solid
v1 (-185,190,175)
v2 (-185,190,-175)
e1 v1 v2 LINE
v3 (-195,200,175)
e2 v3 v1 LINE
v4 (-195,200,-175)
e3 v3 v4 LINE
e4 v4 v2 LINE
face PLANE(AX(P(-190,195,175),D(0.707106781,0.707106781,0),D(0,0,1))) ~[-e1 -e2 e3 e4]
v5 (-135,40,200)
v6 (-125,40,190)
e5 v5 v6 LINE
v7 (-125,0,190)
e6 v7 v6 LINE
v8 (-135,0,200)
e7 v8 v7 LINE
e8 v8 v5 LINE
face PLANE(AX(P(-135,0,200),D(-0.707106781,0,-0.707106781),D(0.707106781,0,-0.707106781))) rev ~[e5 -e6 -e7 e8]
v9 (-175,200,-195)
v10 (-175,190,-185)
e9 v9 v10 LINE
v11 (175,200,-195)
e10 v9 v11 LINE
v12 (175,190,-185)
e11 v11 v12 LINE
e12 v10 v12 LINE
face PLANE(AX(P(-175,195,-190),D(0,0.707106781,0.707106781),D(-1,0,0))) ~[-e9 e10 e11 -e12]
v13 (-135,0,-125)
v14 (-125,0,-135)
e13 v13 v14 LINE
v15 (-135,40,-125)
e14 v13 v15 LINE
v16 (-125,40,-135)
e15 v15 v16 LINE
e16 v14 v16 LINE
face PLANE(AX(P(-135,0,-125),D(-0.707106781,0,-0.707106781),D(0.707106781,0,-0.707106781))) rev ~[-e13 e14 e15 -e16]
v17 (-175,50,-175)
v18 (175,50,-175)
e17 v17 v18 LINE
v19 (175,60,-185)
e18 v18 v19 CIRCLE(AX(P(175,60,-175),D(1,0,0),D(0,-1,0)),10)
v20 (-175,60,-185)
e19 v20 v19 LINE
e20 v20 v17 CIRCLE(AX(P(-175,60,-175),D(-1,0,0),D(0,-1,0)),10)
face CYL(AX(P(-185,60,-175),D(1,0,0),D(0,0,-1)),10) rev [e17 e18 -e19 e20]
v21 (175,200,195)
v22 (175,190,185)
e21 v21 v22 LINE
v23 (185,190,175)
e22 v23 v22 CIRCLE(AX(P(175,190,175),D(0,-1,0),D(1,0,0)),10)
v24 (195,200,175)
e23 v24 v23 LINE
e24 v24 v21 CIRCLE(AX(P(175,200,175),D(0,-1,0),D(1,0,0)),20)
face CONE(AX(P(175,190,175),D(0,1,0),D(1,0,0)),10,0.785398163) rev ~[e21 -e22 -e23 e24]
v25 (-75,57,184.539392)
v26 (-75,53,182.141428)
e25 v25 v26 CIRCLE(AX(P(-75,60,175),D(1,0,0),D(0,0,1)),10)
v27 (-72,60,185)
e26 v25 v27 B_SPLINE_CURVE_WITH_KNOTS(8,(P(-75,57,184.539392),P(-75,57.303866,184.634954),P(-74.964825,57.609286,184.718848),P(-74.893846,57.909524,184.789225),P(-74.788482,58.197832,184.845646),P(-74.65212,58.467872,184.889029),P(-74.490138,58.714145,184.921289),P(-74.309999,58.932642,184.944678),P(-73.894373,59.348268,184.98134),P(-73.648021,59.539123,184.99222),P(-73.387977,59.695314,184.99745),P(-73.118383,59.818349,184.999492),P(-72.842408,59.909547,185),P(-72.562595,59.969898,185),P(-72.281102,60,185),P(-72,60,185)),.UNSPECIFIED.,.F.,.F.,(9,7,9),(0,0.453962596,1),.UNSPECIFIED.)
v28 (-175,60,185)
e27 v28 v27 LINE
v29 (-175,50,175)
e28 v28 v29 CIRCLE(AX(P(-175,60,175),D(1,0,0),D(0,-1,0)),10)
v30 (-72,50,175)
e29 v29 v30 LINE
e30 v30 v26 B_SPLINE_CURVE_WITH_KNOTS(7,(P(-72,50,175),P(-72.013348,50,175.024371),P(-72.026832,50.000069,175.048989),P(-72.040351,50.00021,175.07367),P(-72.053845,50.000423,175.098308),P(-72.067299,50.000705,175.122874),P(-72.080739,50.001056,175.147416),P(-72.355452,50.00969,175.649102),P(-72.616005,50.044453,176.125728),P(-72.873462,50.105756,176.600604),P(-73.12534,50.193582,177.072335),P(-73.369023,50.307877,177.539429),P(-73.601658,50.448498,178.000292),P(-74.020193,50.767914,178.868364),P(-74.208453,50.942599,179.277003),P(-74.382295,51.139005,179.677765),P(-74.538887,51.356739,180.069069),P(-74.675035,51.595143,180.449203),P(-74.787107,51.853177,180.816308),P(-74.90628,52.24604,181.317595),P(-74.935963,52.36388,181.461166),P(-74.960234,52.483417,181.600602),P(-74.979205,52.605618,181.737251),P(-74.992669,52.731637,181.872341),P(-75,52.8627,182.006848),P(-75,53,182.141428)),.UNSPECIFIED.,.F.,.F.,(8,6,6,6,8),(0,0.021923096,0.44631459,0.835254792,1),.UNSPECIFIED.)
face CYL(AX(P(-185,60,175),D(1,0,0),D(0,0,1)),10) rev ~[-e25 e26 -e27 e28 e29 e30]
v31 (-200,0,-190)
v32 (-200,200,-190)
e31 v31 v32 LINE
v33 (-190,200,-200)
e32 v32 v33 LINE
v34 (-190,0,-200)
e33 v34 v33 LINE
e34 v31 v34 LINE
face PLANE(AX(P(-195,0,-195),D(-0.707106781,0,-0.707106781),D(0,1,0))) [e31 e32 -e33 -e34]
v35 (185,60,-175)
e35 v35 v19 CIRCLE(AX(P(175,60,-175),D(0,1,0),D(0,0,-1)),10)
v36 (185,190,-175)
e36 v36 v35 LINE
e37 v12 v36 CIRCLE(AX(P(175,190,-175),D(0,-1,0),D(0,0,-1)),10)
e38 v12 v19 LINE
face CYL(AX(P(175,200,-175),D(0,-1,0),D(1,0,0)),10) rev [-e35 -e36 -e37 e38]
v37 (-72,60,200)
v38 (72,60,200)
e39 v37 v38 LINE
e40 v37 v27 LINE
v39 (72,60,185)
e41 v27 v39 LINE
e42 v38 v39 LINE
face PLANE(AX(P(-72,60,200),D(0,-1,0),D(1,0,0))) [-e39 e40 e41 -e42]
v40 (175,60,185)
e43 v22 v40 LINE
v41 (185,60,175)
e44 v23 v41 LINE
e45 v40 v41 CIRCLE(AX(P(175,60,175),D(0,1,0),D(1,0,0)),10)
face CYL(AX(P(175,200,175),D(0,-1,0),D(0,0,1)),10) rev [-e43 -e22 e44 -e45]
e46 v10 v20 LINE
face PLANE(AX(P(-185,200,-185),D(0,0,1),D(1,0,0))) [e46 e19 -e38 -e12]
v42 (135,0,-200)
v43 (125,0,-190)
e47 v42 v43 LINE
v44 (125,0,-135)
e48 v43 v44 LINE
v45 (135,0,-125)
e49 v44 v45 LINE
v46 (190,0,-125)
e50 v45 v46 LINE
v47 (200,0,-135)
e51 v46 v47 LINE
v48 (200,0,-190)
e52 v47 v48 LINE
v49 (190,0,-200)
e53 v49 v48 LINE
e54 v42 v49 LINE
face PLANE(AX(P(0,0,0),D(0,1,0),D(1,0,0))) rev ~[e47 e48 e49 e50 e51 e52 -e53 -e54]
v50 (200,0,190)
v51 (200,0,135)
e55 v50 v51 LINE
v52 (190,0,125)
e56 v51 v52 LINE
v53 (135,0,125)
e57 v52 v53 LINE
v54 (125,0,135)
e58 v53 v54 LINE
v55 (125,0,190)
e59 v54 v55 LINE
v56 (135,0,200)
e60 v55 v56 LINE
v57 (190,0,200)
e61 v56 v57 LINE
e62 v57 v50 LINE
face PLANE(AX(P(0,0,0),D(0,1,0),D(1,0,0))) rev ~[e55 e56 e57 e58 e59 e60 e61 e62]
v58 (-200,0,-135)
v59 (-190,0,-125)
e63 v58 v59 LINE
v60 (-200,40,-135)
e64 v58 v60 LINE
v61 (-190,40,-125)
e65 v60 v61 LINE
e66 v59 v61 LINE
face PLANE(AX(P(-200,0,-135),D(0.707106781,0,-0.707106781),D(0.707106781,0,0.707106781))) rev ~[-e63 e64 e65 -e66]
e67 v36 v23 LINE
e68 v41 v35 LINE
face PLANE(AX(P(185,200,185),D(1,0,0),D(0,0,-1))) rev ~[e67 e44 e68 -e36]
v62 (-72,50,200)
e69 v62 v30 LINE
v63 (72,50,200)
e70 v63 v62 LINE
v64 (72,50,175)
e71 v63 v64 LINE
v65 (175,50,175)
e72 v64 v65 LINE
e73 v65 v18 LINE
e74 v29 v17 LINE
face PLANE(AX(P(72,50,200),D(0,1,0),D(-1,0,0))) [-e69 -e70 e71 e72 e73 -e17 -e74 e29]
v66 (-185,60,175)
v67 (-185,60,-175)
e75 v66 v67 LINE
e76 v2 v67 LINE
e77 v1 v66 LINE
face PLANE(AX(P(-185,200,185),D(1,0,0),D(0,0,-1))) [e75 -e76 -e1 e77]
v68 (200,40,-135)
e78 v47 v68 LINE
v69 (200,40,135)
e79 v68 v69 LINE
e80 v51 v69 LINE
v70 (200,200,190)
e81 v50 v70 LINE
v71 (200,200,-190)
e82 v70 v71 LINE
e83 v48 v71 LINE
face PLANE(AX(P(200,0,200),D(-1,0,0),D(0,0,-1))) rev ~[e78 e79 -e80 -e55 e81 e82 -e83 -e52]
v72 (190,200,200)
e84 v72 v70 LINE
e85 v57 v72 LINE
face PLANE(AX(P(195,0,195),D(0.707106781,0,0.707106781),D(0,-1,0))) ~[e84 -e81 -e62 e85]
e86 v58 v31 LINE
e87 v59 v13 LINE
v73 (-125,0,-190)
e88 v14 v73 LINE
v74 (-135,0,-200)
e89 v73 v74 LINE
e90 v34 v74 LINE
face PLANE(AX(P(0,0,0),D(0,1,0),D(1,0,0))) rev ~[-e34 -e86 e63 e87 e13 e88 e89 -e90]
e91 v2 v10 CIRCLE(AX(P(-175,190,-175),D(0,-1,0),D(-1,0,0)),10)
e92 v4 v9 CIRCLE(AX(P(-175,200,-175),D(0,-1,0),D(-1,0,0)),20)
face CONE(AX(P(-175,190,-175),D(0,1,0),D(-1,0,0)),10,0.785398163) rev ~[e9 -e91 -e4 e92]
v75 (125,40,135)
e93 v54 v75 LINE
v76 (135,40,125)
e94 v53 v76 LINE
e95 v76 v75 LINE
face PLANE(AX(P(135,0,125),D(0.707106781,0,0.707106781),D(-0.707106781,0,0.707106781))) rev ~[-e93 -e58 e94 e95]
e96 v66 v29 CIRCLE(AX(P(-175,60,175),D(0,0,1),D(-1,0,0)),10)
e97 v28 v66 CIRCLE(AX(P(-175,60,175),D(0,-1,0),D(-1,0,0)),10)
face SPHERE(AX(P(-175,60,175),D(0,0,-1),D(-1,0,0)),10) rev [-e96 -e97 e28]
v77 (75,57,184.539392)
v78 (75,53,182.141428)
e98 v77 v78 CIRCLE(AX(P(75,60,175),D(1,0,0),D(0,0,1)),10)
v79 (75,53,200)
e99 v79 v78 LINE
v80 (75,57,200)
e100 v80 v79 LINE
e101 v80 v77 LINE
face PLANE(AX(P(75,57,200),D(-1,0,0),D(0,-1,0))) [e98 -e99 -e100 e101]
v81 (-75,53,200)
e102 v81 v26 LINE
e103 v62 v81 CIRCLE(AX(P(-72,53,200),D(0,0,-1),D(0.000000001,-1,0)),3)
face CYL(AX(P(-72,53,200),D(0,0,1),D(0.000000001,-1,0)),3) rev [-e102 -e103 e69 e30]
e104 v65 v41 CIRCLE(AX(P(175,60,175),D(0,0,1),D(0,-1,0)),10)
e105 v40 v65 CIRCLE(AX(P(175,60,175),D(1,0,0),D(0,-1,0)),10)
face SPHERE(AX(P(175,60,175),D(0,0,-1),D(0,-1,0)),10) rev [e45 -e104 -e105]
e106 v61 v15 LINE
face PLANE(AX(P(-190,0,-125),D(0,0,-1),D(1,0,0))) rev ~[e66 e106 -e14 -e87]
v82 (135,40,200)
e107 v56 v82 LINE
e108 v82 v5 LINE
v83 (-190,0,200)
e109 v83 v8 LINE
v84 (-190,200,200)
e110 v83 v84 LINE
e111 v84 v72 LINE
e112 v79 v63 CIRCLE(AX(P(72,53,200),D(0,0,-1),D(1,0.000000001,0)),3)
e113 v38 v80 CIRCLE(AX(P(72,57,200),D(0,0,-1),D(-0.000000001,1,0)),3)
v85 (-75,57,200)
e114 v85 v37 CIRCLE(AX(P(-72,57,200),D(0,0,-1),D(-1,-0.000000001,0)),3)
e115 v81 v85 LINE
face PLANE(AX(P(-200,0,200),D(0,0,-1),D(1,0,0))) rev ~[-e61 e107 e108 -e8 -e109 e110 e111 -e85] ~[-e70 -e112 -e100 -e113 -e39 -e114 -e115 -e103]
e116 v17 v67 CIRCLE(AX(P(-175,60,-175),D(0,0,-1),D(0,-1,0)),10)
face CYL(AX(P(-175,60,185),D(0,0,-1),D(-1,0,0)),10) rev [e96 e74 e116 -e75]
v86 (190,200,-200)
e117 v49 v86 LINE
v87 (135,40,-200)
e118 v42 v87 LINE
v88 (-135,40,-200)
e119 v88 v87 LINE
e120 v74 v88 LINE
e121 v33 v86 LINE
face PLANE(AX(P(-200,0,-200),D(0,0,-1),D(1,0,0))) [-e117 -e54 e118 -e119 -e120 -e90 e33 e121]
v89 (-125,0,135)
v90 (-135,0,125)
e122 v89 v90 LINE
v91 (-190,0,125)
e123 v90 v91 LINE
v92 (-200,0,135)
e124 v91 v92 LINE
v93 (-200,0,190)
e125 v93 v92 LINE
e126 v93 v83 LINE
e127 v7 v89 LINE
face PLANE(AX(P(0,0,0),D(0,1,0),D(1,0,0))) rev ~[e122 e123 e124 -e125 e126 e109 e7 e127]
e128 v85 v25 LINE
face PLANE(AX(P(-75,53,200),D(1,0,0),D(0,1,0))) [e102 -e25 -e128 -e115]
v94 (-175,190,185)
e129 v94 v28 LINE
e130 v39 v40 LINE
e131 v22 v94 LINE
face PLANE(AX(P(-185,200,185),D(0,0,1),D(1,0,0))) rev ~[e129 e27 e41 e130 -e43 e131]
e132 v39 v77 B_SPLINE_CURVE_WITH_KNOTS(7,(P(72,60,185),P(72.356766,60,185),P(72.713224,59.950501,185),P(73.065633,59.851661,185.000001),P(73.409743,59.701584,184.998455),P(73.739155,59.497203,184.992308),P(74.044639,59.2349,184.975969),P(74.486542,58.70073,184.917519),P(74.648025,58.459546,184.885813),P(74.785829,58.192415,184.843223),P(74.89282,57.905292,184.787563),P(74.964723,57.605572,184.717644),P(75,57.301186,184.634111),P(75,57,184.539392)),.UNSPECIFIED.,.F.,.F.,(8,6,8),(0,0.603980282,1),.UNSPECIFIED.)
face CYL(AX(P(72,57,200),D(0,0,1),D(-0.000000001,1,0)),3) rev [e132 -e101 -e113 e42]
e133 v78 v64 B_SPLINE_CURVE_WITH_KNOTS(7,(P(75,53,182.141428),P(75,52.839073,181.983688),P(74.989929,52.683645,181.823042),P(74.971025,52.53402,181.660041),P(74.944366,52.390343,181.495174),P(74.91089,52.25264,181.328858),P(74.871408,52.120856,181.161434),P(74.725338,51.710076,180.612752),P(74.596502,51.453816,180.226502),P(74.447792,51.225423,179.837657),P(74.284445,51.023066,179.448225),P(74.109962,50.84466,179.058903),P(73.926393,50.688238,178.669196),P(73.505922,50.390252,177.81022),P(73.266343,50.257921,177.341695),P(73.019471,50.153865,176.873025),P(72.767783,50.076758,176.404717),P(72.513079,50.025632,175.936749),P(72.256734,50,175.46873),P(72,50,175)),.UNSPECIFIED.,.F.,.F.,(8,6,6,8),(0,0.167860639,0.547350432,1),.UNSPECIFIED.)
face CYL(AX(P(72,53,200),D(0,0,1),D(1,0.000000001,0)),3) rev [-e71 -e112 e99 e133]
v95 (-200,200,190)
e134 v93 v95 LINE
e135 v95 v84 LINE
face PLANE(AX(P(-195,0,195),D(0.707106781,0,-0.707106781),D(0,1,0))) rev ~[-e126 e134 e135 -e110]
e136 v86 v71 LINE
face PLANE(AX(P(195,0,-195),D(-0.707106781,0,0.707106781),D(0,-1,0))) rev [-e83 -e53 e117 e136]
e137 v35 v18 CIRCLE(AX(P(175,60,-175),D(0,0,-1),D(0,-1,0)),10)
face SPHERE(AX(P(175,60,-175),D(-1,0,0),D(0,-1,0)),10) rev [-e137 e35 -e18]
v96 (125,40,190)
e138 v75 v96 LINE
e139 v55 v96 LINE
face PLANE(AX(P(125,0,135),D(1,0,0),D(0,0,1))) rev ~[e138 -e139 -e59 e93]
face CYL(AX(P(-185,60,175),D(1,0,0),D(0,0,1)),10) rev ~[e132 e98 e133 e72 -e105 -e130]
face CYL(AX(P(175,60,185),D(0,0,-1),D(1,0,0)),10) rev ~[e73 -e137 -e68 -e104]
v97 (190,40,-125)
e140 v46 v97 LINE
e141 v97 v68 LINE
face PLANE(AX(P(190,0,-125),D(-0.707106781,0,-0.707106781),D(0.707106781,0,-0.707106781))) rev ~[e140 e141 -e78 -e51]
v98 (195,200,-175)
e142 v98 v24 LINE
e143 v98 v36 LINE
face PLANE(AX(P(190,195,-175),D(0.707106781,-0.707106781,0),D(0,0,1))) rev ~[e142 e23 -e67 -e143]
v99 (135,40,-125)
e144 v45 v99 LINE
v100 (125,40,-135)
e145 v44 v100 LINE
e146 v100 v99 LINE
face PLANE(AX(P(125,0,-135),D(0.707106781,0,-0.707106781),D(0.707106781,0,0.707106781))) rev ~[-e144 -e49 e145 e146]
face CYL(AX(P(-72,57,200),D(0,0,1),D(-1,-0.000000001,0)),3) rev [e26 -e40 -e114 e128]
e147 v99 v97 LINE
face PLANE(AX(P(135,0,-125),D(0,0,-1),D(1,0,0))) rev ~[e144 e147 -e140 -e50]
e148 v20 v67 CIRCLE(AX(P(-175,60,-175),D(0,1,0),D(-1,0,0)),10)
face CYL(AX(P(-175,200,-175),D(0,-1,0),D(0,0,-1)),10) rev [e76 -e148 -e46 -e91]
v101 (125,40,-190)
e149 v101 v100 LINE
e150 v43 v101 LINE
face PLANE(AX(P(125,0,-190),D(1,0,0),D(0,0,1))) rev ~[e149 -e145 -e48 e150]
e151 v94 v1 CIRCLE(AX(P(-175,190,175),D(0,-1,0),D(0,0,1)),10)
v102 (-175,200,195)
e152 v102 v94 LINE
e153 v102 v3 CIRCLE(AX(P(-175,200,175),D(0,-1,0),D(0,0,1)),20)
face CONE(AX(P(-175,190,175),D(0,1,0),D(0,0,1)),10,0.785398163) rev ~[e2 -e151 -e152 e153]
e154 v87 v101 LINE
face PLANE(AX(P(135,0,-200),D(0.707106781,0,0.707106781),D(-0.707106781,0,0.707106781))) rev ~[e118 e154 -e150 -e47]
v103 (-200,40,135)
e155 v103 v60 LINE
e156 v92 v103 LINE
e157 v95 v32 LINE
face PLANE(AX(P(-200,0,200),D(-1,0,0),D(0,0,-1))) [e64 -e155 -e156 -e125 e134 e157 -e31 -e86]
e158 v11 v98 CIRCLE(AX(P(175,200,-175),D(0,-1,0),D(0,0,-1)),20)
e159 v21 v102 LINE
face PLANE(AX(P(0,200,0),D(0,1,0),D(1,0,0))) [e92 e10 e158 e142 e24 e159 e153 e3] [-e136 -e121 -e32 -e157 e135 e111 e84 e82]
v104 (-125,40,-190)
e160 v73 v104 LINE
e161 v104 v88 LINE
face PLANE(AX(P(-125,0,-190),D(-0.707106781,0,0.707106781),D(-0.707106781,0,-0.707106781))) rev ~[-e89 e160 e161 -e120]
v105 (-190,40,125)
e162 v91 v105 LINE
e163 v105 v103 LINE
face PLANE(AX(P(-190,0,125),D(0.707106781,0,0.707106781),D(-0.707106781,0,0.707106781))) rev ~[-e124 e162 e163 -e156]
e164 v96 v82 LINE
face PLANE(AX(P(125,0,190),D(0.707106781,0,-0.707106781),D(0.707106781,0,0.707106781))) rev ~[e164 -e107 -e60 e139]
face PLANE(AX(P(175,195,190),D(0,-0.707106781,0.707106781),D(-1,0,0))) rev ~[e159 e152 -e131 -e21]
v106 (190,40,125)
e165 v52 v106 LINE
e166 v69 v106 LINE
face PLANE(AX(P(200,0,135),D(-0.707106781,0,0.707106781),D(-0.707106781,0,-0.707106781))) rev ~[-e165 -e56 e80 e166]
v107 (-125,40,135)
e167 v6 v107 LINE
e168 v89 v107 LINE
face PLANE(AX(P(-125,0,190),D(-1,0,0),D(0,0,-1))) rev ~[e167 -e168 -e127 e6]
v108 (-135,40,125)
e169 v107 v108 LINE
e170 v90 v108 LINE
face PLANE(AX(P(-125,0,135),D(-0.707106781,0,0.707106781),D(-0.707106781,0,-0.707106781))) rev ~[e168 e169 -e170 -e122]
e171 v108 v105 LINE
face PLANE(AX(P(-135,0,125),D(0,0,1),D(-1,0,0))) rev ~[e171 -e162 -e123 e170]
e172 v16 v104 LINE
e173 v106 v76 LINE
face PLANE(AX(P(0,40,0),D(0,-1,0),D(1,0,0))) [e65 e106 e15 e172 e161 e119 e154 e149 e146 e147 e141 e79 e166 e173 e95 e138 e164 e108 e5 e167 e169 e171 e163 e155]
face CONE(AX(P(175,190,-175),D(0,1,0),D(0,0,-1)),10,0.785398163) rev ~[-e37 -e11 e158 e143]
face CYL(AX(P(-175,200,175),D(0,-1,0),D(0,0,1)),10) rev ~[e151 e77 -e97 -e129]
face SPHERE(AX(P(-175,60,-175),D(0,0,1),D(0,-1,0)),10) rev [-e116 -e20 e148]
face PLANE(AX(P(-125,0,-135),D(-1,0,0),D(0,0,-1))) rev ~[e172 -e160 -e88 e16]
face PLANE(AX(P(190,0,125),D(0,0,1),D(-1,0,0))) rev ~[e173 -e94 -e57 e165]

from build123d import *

# Parameters (mm, degrees)
SKETCH1_W           = 400
SKETCH1_H           = 400
BOSS_EXTRUDE1_DEPTH = 200
SKETCH2_W           = 370
SKETCH2_H           = 370
CUT_EXTRUDE1_DEPTH  = 150
FILLET1_R           = 10
CHAMFER1_SIZE       = 10
CUT_EXTRUDE2_REACH  = 491.898
CUT_EXTRUDE3_DEPTH  = 40


with BuildPart() as part:
    # Sketch1 → Boss-Extrude1 (new body)
    with BuildSketch(Plane(origin=(0, 0, 0), x_dir=(1, 0, 0), z_dir=(0, 1, 0))):
        Rectangle(SKETCH1_W, SKETCH1_H)
    extrude(amount=BOSS_EXTRUDE1_DEPTH)

    # Sketch2 → Cut-Extrude1 (cut)
    with BuildSketch(Plane(origin=(0, 200, 0), x_dir=(1, 0, 0), z_dir=(0, 1, 0))):
        Rectangle(SKETCH2_W, SKETCH2_H)
    extrude(amount=-CUT_EXTRUDE1_DEPTH, mode=Mode.SUBTRACT)

    # Fillet1
    fillet1_edges = [part.edges().sort_by_distance(p)[0] for p in [
        (-185, 50, 0),
        (-185, 125, 185),
        (0, 50, -185),
        (-185, 125, -185),
        (185, 50, 0),
        (185, 125, -185),
        (0, 50, 185),
        (185, 125, 185),
    ]]
    fillet(fillet1_edges, radius=FILLET1_R)

    # Chamfer1
    chamfer1_edges = [part.edges().sort_by_distance(p)[0] for p in [
        (0, 200, -185),
        (185, 200, 0),
        (0, 200, 185),
        (-185, 200, 0),
        (182.071067812, 200, 182.071067812),
        (-182.071067812, 200, 182.071067812),
        (182.071067812, 200, -182.071067812),
        (-182.071067812, 200, -182.071067812),
        (-200, 100, -200),
        (200, 100, -200),
        (200, 100, 200),
        (-200, 100, 200),
    ]]
    chamfer(chamfer1_edges, length=CHAMFER1_SIZE)

    # Sketch3 → Cut-Extrude2 (cut, up to next)
    with BuildSketch(Plane.XY.offset(200), mode=Mode.PRIVATE) as cut_extrude2_sk1:
        with BuildLine():
            Line((-72, 60), (72, 60))
            ThreePointArc((72, 60), (74.121320344, 59.121320344), (75, 57))
            Line((75, 57), (75, 53))
            ThreePointArc((75, 53), (74.121320344, 50.878679656), (72, 50))
            Line((72, 50), (-72, 50))
            ThreePointArc((-72, 50), (-74.121320344, 50.878679656), (-75, 53))
            Line((-75, 53), (-75, 57))
            ThreePointArc((-75, 57), (-74.121320344, 59.121320344), (-72, 60))
        make_face()
    cut_extrude2_tool1 = extrude(cut_extrude2_sk1.sketch, amount=-CUT_EXTRUDE2_REACH, mode=Mode.PRIVATE) & part.part
    add(cut_extrude2_tool1.solids().sort_by_distance((0, 55, 200))[0], mode=Mode.SUBTRACT)

    # Sketch4 → Cut-Extrude3 (cut)
    with BuildSketch(Plane.XZ):
        Polygon((190, 125), (135, 125), (125, 135), (125, 190), (135, 200), (-135, 200), (-125, 190), (-125, 135), (-135, 125), (-190, 125), (-200, 135), (-200, -135), (-190, -125), (-135, -125), (-125, -135), (-125, -190), (-135, -200), (135, -200), (125, -190), (125, -135), (135, -125), (190, -125), (200, -135), (200, 135), align=None)
    extrude(amount=-CUT_EXTRUDE3_DEPTH, mode=Mode.SUBTRACT)


solid = part.part
